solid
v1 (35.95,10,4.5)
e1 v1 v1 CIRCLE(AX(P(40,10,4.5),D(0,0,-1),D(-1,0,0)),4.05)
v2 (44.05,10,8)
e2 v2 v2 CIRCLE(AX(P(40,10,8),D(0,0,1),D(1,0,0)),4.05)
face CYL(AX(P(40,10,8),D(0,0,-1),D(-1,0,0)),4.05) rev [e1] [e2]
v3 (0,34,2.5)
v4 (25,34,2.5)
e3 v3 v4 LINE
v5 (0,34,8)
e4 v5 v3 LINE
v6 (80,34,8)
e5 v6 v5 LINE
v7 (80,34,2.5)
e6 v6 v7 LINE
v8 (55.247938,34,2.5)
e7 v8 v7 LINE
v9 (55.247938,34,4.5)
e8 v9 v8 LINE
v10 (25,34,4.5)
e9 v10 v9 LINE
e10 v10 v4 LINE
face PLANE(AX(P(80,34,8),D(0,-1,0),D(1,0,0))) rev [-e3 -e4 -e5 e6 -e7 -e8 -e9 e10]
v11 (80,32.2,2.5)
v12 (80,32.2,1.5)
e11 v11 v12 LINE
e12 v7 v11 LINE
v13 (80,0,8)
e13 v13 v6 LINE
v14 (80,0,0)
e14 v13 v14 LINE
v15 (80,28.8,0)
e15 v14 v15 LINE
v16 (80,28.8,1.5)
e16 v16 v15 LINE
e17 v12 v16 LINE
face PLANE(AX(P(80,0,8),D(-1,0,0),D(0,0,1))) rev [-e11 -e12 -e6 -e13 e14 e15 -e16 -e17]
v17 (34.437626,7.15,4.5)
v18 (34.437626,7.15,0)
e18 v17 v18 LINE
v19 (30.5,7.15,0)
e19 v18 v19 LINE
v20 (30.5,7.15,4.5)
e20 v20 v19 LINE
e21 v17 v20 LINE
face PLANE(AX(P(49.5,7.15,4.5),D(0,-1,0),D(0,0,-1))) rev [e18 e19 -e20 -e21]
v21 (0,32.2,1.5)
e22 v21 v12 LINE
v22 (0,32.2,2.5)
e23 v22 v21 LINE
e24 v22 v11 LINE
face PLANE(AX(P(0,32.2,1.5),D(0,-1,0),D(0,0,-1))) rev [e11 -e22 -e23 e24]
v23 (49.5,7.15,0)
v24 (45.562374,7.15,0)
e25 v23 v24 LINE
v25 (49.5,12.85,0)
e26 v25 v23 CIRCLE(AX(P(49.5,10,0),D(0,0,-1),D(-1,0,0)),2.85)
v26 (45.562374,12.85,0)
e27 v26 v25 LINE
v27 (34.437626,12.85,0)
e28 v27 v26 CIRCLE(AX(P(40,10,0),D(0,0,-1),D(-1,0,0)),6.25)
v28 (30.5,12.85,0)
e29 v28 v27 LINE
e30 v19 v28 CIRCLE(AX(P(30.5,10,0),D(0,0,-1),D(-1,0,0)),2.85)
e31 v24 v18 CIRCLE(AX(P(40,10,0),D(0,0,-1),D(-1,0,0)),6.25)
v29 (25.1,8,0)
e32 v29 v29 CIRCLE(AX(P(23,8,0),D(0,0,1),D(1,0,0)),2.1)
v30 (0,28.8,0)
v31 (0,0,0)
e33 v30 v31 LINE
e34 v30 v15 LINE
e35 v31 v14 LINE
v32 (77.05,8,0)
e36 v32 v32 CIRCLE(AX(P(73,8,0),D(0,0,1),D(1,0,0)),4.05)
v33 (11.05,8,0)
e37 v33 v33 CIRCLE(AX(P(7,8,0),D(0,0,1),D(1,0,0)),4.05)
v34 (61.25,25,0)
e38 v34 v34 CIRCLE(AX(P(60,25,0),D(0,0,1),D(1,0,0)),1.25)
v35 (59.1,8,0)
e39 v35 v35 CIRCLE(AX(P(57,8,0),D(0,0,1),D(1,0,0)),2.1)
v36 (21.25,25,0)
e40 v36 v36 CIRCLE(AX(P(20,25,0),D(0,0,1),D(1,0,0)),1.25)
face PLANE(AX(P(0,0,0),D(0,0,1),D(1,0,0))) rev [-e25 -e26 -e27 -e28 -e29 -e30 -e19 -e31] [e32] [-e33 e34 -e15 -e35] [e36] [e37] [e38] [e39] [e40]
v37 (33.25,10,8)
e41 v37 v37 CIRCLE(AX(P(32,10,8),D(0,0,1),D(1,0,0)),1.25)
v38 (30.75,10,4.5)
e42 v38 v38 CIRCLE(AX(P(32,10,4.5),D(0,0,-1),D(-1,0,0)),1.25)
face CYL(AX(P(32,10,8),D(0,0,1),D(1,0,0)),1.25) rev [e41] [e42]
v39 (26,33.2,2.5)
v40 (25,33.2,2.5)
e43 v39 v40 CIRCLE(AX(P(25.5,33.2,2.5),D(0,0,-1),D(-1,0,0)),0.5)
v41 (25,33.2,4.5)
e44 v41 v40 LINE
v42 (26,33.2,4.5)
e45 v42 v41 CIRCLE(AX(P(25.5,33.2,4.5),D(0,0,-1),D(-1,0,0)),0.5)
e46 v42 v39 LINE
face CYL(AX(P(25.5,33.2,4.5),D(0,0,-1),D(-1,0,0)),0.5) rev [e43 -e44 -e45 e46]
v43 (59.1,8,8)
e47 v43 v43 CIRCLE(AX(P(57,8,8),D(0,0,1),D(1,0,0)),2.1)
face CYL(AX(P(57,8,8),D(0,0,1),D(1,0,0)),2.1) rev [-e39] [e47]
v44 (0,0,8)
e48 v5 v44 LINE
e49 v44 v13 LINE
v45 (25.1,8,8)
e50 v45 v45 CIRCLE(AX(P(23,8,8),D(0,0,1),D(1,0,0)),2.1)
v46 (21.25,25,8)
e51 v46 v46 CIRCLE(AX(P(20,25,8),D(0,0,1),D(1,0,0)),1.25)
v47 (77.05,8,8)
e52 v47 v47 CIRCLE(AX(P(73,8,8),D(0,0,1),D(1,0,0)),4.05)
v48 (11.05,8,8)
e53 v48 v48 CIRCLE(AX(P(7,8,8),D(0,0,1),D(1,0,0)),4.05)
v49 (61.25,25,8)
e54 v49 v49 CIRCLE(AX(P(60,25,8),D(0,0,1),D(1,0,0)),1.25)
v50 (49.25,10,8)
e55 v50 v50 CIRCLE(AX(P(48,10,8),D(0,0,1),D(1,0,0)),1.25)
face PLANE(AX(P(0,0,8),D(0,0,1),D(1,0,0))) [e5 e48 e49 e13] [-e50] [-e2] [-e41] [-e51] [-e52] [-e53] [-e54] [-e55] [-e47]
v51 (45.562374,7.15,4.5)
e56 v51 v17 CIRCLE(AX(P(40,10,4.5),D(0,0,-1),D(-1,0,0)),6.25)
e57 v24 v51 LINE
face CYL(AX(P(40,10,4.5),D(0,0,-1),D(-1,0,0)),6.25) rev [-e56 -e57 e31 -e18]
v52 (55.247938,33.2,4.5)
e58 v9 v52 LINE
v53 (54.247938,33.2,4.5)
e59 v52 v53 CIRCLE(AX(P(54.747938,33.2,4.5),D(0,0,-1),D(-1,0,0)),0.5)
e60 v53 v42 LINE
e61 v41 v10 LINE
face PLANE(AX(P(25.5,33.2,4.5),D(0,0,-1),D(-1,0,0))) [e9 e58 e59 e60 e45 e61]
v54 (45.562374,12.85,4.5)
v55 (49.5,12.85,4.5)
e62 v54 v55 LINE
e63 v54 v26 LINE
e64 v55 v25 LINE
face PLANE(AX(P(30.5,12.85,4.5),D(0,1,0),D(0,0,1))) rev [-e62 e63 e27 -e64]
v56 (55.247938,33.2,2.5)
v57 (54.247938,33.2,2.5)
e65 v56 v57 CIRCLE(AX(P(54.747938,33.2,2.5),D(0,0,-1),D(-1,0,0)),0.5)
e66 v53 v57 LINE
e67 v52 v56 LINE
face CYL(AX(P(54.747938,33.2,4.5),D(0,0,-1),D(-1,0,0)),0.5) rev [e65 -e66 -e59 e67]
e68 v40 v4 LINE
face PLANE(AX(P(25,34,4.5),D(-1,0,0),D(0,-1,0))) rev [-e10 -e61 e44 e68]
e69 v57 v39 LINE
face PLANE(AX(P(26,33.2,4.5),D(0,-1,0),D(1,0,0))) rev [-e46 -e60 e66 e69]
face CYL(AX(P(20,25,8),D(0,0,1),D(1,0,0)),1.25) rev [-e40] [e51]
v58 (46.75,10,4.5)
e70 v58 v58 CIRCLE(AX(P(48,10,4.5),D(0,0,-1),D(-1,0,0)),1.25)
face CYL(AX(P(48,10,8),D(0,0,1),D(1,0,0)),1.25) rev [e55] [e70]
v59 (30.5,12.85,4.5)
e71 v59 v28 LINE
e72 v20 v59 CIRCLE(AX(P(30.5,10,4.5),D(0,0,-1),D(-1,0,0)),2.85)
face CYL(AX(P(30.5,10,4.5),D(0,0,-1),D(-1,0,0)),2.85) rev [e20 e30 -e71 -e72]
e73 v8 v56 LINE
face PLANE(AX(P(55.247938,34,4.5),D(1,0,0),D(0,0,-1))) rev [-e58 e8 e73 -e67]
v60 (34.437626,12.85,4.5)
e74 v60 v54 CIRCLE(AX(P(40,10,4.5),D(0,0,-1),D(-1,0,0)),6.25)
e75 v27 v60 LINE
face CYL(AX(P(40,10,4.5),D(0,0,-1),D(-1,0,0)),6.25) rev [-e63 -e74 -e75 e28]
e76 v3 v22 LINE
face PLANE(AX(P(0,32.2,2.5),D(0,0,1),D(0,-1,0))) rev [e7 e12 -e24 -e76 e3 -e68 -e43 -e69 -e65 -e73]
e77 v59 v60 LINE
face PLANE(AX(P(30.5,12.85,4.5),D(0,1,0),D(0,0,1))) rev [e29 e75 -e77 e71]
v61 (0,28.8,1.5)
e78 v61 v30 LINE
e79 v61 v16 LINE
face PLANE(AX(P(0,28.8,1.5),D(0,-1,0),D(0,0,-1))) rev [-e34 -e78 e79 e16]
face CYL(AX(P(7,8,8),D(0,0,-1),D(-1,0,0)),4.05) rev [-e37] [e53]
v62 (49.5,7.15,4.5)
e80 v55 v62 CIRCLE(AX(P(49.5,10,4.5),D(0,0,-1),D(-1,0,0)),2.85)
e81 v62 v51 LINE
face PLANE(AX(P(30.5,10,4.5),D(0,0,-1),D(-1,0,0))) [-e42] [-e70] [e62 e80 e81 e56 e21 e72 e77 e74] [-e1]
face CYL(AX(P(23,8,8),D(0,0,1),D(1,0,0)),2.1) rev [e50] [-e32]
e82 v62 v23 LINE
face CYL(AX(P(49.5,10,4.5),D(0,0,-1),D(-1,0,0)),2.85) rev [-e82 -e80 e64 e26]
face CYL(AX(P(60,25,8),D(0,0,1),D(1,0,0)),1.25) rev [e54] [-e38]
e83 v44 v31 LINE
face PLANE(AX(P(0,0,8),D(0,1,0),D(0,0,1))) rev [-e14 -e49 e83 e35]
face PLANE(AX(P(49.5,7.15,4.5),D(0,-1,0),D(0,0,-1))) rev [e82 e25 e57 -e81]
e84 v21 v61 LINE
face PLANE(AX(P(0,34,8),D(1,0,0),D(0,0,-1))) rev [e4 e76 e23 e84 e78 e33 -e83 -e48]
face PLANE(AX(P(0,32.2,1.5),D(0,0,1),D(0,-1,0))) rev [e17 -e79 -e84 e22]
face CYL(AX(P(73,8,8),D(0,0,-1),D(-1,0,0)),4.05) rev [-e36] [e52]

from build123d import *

# Parameters (mm, degrees)
SKETCH_2_W           = 80
SKETCH_2_H           = 34
SKETCH_2_R           = 4.05
EXTRUDE_1_DEPTH      = 8
CUT_EXTRUDE_2_DEPTH  = 88.292611371
CUT_EXTRUDE_12_DEPTH = 4.5
SKETCH_20_R          = 6.25
CUT_EXTRUDE_13_DEPTH = 4.5
CUT_EXTRUDE_11_DEPTH = 2
HOLE_WIZARD_M3_7_D   = 2.5
HOLE_WIZARD_M5_1_D   = 4.2


with BuildPart() as part:
    # 草图2 → 凸台-拉伸1 (new body)
    with BuildSketch(Plane.XY):
        with Locations((40, 17)):
            Rectangle(SKETCH_2_W, SKETCH_2_H)
        with Locations((7, 8)):
            Circle(SKETCH_2_R, mode=Mode.SUBTRACT)
        with Locations((40, 10)):
            Circle(SKETCH_2_R, mode=Mode.SUBTRACT)
        with Locations((73, 8)):
            Circle(SKETCH_2_R, mode=Mode.SUBTRACT)
    extrude(amount=EXTRUDE_1_DEPTH)

    # 草图4 → 切除-拉伸2 (cut, through all)
    with BuildSketch(Plane(origin=(80, 0, 0), x_dir=(0, 0, -1), z_dir=(1, 0, 0))):
        Polygon((-1.5, 32.2), (-2.5, 32.2), (-2.5, 34), (0, 34), (0, 28.8), (-1.5, 28.8), align=None)
    extrude(amount=-CUT_EXTRUDE_2_DEPTH, mode=Mode.SUBTRACT)

    # 草图8 → 切除-拉伸12 (cut)
    with BuildSketch(Plane(origin=(0, 0, 0), x_dir=(-1, 0, 0), z_dir=(0, 0, -1))):
        with BuildLine():
            Line((-30.5, 12.85), (-49.5, 12.85))
            ThreePointArc((-49.5, 12.85), (-52.35, 10), (-49.5, 7.15))
            Line((-49.5, 7.15), (-30.5, 7.15))
            ThreePointArc((-30.5, 7.15), (-27.65, 10), (-30.5, 12.85))
        make_face()
    extrude(amount=-CUT_EXTRUDE_12_DEPTH, mode=Mode.SUBTRACT)

    # 草图20 → 切除-拉伸13 (cut)
    with BuildSketch(Plane(origin=(0, 0, 0), x_dir=(-1, 0, 0), z_dir=(0, 0, -1))):
        with Locations((-40, 10)):
            Circle(SKETCH_20_R)
    extrude(amount=-CUT_EXTRUDE_13_DEPTH, mode=Mode.SUBTRACT)

    # 草图19 → 切除-拉伸11 (cut)
    with BuildSketch(Plane(origin=(0, 0, 2.5), x_dir=(-1, 0, 0), z_dir=(0, 0, -1))):
        with BuildLine():
            Line((-25, 34), (-55.247938178, 34))
            Line((-55.247938178, 34), (-55.247938178, 33.2))
            ThreePointArc((-55.247938178, 33.2), (-54.747938178, 32.7), (-54.247938178, 33.2))
            Line((-54.247938178, 33.2), (-26, 33.2))
            ThreePointArc((-26, 33.2), (-25.5, 32.7), (-25, 33.2))
            Line((-25, 33.2), (-25, 34))
        make_face()
    extrude(amount=-CUT_EXTRUDE_11_DEPTH, mode=Mode.SUBTRACT)

    # M3 螺纹孔7 (through all)
    with Locations(Plane.XY.offset(8)):
        with Locations((20, 25), (60, 25), (32, 10), (48, 10)):
            Hole(HOLE_WIZARD_M3_7_D / 2)

    # M5 螺纹孔1 (through all)
    with Locations(Plane.XY.offset(8)):
        with Locations((23, 8), (57, 8)):
            Hole(HOLE_WIZARD_M5_1_D / 2)


solid = part.part
